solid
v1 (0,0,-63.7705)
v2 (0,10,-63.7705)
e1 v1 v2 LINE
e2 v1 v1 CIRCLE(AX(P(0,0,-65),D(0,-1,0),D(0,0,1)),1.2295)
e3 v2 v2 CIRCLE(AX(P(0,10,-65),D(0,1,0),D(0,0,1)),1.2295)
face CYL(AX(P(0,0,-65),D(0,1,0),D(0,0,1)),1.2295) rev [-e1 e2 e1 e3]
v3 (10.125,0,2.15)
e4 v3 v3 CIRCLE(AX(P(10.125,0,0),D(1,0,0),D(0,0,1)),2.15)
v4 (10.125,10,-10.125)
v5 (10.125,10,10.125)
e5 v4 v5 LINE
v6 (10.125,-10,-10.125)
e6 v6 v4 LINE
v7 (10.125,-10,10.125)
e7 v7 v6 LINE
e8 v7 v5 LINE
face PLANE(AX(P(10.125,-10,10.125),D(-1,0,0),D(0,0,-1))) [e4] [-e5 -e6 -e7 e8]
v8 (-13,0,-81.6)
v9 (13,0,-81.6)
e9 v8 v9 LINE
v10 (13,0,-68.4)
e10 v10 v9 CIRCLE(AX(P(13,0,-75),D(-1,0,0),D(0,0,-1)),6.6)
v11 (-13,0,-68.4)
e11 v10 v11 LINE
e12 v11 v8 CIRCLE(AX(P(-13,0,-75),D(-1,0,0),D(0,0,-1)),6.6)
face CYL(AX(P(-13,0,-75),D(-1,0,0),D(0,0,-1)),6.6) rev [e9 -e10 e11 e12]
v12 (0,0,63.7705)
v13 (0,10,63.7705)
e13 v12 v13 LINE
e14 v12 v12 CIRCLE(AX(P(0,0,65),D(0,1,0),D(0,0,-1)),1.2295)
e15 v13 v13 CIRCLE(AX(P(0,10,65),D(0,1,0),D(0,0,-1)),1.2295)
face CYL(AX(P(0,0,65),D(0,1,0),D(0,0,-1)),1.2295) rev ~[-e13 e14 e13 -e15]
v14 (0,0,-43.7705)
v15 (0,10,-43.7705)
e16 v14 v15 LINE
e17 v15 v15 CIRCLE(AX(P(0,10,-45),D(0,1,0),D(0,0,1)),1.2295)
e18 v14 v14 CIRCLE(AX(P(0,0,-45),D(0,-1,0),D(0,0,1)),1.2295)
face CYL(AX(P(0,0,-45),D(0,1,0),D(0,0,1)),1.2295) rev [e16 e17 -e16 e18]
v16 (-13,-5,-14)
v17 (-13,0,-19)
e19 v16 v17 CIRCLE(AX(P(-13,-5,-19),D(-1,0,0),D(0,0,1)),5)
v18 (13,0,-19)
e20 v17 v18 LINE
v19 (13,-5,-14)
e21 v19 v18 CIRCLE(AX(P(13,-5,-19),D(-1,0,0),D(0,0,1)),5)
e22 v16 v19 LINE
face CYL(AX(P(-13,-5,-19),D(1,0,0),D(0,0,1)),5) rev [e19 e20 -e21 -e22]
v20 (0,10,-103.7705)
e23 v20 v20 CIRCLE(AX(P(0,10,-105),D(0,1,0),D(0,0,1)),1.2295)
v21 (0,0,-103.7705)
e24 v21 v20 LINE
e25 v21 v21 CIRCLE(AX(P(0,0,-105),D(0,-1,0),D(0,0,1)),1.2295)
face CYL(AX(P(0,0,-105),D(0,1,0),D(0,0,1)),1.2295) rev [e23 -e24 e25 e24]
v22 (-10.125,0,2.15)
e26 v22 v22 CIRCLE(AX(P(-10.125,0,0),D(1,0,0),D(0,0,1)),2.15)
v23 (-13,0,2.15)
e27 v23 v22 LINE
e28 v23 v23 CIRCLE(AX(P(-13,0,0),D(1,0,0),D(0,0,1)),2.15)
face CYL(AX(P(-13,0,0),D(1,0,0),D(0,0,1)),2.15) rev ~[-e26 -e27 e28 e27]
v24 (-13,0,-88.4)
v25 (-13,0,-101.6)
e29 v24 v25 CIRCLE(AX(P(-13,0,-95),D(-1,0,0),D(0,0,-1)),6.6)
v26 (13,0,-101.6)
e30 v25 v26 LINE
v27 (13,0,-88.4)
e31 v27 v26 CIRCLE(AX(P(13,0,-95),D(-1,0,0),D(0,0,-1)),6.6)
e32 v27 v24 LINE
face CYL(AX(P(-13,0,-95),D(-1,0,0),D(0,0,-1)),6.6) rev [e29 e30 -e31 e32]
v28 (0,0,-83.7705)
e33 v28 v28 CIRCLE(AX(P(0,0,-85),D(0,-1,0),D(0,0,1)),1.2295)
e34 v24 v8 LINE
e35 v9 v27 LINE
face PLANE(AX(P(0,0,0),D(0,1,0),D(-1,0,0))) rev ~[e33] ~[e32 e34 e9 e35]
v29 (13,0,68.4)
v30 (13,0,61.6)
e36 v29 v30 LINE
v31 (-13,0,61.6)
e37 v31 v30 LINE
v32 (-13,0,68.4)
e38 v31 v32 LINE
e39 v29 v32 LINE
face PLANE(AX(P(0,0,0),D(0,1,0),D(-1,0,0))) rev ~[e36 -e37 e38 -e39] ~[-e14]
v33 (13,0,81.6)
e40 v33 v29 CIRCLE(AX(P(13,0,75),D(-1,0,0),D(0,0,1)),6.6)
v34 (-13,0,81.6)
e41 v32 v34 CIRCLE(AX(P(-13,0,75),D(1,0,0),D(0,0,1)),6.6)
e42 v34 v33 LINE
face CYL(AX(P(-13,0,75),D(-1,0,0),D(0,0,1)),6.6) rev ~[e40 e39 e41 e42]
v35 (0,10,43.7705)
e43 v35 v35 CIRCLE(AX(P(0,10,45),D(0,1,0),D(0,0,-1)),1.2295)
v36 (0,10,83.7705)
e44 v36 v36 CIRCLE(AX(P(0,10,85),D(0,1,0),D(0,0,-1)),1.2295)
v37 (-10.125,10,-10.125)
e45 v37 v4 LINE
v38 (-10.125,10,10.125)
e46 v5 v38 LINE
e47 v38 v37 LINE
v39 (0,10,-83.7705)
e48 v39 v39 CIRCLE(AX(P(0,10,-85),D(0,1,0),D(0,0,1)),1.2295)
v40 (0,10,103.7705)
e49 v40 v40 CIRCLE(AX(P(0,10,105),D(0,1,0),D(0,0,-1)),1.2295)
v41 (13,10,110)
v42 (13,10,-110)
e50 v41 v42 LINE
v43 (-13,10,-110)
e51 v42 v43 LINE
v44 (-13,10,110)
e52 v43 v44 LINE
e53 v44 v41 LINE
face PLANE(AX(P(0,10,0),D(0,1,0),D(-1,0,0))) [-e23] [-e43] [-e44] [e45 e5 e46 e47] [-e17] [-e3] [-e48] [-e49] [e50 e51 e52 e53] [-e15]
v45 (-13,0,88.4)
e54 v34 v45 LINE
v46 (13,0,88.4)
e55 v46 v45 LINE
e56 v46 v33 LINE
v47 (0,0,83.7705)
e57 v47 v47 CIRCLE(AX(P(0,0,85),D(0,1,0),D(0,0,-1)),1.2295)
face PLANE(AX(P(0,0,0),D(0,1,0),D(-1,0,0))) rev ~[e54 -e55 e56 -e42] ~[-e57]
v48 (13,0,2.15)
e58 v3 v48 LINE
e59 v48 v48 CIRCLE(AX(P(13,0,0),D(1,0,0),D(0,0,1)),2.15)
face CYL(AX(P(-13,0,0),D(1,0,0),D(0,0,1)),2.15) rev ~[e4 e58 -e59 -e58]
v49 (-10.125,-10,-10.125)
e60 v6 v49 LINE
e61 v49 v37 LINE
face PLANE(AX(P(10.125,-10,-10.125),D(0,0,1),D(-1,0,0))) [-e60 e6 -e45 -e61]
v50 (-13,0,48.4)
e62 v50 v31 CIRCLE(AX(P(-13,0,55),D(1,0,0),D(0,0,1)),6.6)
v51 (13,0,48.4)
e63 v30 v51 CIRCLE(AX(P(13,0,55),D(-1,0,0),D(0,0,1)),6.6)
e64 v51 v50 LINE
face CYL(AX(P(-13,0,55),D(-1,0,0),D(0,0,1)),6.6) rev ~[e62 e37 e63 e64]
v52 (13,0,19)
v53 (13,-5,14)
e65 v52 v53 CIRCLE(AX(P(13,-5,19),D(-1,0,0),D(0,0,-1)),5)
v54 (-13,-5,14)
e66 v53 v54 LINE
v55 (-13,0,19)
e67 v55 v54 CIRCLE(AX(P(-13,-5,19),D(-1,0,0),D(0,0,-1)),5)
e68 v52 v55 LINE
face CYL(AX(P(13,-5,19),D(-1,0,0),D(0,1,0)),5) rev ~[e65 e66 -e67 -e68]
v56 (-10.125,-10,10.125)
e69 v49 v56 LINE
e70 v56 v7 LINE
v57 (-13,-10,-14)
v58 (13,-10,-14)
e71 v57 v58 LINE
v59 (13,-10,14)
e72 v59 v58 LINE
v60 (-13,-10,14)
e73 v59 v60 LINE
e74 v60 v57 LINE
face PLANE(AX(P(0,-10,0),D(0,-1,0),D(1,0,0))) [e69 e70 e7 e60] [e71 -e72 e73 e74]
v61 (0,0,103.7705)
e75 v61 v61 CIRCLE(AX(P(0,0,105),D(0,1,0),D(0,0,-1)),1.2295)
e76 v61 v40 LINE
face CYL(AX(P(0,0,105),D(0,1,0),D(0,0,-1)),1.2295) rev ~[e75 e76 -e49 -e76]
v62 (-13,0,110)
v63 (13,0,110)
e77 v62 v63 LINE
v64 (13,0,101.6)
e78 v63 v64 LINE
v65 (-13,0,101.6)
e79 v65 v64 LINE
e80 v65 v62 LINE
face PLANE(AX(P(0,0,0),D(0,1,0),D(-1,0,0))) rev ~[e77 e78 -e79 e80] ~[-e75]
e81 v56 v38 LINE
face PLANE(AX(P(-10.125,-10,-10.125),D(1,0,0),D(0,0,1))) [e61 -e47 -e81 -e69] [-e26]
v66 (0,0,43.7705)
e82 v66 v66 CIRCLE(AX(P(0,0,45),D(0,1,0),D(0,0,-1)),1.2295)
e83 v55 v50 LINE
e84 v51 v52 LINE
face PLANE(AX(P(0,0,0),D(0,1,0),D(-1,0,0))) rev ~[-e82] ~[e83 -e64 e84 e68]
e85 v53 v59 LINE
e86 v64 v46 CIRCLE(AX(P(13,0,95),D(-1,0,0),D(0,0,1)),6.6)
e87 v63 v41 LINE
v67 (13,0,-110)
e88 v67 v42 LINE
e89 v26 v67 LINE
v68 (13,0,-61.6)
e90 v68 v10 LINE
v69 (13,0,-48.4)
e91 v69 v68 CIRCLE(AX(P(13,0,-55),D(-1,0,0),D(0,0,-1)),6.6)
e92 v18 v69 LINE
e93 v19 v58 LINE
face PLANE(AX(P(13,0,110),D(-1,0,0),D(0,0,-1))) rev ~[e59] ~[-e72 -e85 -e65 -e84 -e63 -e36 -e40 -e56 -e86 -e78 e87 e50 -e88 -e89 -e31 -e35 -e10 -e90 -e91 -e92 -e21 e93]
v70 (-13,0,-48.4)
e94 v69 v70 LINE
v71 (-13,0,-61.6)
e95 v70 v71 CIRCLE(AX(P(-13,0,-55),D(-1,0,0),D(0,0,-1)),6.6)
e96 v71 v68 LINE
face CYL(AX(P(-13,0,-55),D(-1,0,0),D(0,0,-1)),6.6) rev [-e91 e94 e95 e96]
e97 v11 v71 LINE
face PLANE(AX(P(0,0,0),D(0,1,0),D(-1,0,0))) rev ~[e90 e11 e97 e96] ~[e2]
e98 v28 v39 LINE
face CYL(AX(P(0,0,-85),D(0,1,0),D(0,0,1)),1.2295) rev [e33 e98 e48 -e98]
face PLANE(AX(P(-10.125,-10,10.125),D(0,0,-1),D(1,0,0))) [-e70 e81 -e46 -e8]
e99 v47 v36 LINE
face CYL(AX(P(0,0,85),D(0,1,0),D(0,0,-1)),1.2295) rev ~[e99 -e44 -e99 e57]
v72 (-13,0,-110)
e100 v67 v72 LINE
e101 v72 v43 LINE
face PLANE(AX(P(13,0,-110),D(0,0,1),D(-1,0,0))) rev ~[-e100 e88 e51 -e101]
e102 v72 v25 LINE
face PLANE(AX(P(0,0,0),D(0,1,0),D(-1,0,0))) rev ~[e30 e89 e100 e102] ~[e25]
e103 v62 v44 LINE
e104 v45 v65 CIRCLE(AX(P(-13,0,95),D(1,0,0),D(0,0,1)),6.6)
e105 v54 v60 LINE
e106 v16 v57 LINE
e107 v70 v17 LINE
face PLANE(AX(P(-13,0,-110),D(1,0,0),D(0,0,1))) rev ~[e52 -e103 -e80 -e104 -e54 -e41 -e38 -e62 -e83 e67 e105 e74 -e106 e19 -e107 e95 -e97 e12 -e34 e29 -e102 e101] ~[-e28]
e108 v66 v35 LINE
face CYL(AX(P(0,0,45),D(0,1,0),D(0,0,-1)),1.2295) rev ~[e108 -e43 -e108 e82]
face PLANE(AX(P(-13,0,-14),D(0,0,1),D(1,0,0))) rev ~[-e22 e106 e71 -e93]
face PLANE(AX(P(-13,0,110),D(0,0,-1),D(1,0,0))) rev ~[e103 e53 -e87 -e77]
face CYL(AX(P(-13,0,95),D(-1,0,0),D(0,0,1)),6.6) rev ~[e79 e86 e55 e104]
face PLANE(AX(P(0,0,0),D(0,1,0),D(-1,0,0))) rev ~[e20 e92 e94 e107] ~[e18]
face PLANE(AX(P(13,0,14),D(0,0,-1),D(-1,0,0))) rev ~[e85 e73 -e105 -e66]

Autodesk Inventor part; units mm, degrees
ref_plane "YZ Plane" through (0, 0, 0) normal (1, 0, 0) x (0, 1, 0)
ref_plane "XZ Plane" through (0, 0, 0) normal (0, 1, 0) x (-1, 0, 0)
ref_plane "XY Plane" through (0, 0, 0) normal (0, 0, 1) x (1, 0, 0)
sketch "Sketch1" plane through (0, 0, 0) normal (0, 1, 0) x (-1, 0, 0)
  line L0 (-13, -110) -> (13, -110)
  line L1 (13, -110) -> (13, 110)
  line L2 (13, 110) -> (-13, 110)
  line L3 (-13, 110) -> (-13, -110)
  line L4 (-13, -110) -> (13, 110) construction
  line L5 (13, -110) -> (-13, 110) construction
  point P0 (0, 0)
  dimension "d0" = 220
  dimension "d1" = 26
extrude "Extrusion1" add sketch "Sketch1" along normal blind 10
sketch "Sketch3" plane through (0, 0, 0) normal (0, -1, 0) x (1, 0, 0)
  line L0 (13, 110) -> (13, -110) projected
  line L1 (-13, -14) -> (13, -14)
  line L2 (13, -14) -> (13, 14)
  line L3 (13, 14) -> (-13, 14)
  line L4 (-13, 14) -> (-13, -14)
  line L5 (-13, -14) -> (13, 14) construction
  line L6 (13, -14) -> (-13, 14) construction
  point P0 (0, 0)
  dimension "d4" = 28
extrude "Extrusion2" add sketch "Sketch3" along normal blind 10
sketch "Sketch4" plane through (0, -10, 0) normal (0, -1, 0) x (1, 0, 0)
  line L0 (-10.125, 10.125) -> (10.125, 10.125)
  line L1 (10.125, 10.125) -> (10.125, -10.125)
  line L2 (10.125, -10.125) -> (-10.125, -10.125)
  line L3 (-10.125, -10.125) -> (-10.125, 10.125)
  line L4 (-10.125, 10.125) -> (10.125, -10.125) construction
  line L5 (10.125, 10.125) -> (-10.125, -10.125) construction
  point P0 (0, 0)
  dimension "d7" = 20.25
  dimension "d8" = 20.25
extrude "Extrusion3" cut sketch "Sketch4" against normal through all
sketch "Sketch5" plane through (-13, 0, 110) normal (-1, 0, 0) x (0, 0, 1)
  point P0 (-110, 0)
hole "Hole1" at (-13, 0, 0) direction (1, 0, 0) diameter 4.3 end through all clearance for "Flat Head Machine Screw" size "M4" standard "Ansi Metric M Profile"
sketch "Sketch6" plane through (-13, 0, 110) normal (-1, 0, 0) x (0, 0, 1)
  circle A0 centre (-35, 0) radius 6.6
  line L0 (-96, 0) -> (0, 0) projected
  point P0 (-110, 0)
  dimension "d18" = 75
  dimension "d19" = 13.2
extrude "Extrusion4" cut sketch "Sketch6" against normal through all
sketch "Sketch7" plane through (0, 0, 0) normal (0, -1, 0) x (1, 0, 0)
  line L0 (-13, 81.6) -> (13, 81.6) projected
  line L1 (-13, 68.4) -> (-13, 81.6) projected
  line L2 (13, 68.4) -> (-13, 68.4) projected
  line L3 (13, 81.6) -> (13, 68.4) projected
  line L4 (0, 85) -> (0, 65)
  point P0 (0, 0)
  point P1 (0, 75)
  point P2 (13, 75)
  point P3 (0, 68.4)
  dimension "d22" = 20
hole "Hole2" at (0, 0, 65) at (0, 0, 85) direction (0, 1, 0) diameter 2.459 end through all thread size "M3x0.5" class "6H" standard "ANSI Metric M Profile"
pattern_linear "Rectangular Pattern1" count 2 spacing 20 along (0, 0, 1) count 2 spacing 20 along (0, 0, -1) of "Extrusion4"
pattern_linear "Rectangular Pattern2" count 2 spacing 20 along (0, 0, 1) count 2 spacing 20 along (0, 0, -1) of "Hole2"
mirror "Mirror1" about plane through (0, 0, 0) normal (0, 0, 1) of "Extrusion4", "Hole2", "Rectangular Pattern1", "Rectangular Pattern2"
fillet "Fillet1" radius 5 2 edges at (0, 0, 14) (0, 0, -14)
properties part number "holder"
